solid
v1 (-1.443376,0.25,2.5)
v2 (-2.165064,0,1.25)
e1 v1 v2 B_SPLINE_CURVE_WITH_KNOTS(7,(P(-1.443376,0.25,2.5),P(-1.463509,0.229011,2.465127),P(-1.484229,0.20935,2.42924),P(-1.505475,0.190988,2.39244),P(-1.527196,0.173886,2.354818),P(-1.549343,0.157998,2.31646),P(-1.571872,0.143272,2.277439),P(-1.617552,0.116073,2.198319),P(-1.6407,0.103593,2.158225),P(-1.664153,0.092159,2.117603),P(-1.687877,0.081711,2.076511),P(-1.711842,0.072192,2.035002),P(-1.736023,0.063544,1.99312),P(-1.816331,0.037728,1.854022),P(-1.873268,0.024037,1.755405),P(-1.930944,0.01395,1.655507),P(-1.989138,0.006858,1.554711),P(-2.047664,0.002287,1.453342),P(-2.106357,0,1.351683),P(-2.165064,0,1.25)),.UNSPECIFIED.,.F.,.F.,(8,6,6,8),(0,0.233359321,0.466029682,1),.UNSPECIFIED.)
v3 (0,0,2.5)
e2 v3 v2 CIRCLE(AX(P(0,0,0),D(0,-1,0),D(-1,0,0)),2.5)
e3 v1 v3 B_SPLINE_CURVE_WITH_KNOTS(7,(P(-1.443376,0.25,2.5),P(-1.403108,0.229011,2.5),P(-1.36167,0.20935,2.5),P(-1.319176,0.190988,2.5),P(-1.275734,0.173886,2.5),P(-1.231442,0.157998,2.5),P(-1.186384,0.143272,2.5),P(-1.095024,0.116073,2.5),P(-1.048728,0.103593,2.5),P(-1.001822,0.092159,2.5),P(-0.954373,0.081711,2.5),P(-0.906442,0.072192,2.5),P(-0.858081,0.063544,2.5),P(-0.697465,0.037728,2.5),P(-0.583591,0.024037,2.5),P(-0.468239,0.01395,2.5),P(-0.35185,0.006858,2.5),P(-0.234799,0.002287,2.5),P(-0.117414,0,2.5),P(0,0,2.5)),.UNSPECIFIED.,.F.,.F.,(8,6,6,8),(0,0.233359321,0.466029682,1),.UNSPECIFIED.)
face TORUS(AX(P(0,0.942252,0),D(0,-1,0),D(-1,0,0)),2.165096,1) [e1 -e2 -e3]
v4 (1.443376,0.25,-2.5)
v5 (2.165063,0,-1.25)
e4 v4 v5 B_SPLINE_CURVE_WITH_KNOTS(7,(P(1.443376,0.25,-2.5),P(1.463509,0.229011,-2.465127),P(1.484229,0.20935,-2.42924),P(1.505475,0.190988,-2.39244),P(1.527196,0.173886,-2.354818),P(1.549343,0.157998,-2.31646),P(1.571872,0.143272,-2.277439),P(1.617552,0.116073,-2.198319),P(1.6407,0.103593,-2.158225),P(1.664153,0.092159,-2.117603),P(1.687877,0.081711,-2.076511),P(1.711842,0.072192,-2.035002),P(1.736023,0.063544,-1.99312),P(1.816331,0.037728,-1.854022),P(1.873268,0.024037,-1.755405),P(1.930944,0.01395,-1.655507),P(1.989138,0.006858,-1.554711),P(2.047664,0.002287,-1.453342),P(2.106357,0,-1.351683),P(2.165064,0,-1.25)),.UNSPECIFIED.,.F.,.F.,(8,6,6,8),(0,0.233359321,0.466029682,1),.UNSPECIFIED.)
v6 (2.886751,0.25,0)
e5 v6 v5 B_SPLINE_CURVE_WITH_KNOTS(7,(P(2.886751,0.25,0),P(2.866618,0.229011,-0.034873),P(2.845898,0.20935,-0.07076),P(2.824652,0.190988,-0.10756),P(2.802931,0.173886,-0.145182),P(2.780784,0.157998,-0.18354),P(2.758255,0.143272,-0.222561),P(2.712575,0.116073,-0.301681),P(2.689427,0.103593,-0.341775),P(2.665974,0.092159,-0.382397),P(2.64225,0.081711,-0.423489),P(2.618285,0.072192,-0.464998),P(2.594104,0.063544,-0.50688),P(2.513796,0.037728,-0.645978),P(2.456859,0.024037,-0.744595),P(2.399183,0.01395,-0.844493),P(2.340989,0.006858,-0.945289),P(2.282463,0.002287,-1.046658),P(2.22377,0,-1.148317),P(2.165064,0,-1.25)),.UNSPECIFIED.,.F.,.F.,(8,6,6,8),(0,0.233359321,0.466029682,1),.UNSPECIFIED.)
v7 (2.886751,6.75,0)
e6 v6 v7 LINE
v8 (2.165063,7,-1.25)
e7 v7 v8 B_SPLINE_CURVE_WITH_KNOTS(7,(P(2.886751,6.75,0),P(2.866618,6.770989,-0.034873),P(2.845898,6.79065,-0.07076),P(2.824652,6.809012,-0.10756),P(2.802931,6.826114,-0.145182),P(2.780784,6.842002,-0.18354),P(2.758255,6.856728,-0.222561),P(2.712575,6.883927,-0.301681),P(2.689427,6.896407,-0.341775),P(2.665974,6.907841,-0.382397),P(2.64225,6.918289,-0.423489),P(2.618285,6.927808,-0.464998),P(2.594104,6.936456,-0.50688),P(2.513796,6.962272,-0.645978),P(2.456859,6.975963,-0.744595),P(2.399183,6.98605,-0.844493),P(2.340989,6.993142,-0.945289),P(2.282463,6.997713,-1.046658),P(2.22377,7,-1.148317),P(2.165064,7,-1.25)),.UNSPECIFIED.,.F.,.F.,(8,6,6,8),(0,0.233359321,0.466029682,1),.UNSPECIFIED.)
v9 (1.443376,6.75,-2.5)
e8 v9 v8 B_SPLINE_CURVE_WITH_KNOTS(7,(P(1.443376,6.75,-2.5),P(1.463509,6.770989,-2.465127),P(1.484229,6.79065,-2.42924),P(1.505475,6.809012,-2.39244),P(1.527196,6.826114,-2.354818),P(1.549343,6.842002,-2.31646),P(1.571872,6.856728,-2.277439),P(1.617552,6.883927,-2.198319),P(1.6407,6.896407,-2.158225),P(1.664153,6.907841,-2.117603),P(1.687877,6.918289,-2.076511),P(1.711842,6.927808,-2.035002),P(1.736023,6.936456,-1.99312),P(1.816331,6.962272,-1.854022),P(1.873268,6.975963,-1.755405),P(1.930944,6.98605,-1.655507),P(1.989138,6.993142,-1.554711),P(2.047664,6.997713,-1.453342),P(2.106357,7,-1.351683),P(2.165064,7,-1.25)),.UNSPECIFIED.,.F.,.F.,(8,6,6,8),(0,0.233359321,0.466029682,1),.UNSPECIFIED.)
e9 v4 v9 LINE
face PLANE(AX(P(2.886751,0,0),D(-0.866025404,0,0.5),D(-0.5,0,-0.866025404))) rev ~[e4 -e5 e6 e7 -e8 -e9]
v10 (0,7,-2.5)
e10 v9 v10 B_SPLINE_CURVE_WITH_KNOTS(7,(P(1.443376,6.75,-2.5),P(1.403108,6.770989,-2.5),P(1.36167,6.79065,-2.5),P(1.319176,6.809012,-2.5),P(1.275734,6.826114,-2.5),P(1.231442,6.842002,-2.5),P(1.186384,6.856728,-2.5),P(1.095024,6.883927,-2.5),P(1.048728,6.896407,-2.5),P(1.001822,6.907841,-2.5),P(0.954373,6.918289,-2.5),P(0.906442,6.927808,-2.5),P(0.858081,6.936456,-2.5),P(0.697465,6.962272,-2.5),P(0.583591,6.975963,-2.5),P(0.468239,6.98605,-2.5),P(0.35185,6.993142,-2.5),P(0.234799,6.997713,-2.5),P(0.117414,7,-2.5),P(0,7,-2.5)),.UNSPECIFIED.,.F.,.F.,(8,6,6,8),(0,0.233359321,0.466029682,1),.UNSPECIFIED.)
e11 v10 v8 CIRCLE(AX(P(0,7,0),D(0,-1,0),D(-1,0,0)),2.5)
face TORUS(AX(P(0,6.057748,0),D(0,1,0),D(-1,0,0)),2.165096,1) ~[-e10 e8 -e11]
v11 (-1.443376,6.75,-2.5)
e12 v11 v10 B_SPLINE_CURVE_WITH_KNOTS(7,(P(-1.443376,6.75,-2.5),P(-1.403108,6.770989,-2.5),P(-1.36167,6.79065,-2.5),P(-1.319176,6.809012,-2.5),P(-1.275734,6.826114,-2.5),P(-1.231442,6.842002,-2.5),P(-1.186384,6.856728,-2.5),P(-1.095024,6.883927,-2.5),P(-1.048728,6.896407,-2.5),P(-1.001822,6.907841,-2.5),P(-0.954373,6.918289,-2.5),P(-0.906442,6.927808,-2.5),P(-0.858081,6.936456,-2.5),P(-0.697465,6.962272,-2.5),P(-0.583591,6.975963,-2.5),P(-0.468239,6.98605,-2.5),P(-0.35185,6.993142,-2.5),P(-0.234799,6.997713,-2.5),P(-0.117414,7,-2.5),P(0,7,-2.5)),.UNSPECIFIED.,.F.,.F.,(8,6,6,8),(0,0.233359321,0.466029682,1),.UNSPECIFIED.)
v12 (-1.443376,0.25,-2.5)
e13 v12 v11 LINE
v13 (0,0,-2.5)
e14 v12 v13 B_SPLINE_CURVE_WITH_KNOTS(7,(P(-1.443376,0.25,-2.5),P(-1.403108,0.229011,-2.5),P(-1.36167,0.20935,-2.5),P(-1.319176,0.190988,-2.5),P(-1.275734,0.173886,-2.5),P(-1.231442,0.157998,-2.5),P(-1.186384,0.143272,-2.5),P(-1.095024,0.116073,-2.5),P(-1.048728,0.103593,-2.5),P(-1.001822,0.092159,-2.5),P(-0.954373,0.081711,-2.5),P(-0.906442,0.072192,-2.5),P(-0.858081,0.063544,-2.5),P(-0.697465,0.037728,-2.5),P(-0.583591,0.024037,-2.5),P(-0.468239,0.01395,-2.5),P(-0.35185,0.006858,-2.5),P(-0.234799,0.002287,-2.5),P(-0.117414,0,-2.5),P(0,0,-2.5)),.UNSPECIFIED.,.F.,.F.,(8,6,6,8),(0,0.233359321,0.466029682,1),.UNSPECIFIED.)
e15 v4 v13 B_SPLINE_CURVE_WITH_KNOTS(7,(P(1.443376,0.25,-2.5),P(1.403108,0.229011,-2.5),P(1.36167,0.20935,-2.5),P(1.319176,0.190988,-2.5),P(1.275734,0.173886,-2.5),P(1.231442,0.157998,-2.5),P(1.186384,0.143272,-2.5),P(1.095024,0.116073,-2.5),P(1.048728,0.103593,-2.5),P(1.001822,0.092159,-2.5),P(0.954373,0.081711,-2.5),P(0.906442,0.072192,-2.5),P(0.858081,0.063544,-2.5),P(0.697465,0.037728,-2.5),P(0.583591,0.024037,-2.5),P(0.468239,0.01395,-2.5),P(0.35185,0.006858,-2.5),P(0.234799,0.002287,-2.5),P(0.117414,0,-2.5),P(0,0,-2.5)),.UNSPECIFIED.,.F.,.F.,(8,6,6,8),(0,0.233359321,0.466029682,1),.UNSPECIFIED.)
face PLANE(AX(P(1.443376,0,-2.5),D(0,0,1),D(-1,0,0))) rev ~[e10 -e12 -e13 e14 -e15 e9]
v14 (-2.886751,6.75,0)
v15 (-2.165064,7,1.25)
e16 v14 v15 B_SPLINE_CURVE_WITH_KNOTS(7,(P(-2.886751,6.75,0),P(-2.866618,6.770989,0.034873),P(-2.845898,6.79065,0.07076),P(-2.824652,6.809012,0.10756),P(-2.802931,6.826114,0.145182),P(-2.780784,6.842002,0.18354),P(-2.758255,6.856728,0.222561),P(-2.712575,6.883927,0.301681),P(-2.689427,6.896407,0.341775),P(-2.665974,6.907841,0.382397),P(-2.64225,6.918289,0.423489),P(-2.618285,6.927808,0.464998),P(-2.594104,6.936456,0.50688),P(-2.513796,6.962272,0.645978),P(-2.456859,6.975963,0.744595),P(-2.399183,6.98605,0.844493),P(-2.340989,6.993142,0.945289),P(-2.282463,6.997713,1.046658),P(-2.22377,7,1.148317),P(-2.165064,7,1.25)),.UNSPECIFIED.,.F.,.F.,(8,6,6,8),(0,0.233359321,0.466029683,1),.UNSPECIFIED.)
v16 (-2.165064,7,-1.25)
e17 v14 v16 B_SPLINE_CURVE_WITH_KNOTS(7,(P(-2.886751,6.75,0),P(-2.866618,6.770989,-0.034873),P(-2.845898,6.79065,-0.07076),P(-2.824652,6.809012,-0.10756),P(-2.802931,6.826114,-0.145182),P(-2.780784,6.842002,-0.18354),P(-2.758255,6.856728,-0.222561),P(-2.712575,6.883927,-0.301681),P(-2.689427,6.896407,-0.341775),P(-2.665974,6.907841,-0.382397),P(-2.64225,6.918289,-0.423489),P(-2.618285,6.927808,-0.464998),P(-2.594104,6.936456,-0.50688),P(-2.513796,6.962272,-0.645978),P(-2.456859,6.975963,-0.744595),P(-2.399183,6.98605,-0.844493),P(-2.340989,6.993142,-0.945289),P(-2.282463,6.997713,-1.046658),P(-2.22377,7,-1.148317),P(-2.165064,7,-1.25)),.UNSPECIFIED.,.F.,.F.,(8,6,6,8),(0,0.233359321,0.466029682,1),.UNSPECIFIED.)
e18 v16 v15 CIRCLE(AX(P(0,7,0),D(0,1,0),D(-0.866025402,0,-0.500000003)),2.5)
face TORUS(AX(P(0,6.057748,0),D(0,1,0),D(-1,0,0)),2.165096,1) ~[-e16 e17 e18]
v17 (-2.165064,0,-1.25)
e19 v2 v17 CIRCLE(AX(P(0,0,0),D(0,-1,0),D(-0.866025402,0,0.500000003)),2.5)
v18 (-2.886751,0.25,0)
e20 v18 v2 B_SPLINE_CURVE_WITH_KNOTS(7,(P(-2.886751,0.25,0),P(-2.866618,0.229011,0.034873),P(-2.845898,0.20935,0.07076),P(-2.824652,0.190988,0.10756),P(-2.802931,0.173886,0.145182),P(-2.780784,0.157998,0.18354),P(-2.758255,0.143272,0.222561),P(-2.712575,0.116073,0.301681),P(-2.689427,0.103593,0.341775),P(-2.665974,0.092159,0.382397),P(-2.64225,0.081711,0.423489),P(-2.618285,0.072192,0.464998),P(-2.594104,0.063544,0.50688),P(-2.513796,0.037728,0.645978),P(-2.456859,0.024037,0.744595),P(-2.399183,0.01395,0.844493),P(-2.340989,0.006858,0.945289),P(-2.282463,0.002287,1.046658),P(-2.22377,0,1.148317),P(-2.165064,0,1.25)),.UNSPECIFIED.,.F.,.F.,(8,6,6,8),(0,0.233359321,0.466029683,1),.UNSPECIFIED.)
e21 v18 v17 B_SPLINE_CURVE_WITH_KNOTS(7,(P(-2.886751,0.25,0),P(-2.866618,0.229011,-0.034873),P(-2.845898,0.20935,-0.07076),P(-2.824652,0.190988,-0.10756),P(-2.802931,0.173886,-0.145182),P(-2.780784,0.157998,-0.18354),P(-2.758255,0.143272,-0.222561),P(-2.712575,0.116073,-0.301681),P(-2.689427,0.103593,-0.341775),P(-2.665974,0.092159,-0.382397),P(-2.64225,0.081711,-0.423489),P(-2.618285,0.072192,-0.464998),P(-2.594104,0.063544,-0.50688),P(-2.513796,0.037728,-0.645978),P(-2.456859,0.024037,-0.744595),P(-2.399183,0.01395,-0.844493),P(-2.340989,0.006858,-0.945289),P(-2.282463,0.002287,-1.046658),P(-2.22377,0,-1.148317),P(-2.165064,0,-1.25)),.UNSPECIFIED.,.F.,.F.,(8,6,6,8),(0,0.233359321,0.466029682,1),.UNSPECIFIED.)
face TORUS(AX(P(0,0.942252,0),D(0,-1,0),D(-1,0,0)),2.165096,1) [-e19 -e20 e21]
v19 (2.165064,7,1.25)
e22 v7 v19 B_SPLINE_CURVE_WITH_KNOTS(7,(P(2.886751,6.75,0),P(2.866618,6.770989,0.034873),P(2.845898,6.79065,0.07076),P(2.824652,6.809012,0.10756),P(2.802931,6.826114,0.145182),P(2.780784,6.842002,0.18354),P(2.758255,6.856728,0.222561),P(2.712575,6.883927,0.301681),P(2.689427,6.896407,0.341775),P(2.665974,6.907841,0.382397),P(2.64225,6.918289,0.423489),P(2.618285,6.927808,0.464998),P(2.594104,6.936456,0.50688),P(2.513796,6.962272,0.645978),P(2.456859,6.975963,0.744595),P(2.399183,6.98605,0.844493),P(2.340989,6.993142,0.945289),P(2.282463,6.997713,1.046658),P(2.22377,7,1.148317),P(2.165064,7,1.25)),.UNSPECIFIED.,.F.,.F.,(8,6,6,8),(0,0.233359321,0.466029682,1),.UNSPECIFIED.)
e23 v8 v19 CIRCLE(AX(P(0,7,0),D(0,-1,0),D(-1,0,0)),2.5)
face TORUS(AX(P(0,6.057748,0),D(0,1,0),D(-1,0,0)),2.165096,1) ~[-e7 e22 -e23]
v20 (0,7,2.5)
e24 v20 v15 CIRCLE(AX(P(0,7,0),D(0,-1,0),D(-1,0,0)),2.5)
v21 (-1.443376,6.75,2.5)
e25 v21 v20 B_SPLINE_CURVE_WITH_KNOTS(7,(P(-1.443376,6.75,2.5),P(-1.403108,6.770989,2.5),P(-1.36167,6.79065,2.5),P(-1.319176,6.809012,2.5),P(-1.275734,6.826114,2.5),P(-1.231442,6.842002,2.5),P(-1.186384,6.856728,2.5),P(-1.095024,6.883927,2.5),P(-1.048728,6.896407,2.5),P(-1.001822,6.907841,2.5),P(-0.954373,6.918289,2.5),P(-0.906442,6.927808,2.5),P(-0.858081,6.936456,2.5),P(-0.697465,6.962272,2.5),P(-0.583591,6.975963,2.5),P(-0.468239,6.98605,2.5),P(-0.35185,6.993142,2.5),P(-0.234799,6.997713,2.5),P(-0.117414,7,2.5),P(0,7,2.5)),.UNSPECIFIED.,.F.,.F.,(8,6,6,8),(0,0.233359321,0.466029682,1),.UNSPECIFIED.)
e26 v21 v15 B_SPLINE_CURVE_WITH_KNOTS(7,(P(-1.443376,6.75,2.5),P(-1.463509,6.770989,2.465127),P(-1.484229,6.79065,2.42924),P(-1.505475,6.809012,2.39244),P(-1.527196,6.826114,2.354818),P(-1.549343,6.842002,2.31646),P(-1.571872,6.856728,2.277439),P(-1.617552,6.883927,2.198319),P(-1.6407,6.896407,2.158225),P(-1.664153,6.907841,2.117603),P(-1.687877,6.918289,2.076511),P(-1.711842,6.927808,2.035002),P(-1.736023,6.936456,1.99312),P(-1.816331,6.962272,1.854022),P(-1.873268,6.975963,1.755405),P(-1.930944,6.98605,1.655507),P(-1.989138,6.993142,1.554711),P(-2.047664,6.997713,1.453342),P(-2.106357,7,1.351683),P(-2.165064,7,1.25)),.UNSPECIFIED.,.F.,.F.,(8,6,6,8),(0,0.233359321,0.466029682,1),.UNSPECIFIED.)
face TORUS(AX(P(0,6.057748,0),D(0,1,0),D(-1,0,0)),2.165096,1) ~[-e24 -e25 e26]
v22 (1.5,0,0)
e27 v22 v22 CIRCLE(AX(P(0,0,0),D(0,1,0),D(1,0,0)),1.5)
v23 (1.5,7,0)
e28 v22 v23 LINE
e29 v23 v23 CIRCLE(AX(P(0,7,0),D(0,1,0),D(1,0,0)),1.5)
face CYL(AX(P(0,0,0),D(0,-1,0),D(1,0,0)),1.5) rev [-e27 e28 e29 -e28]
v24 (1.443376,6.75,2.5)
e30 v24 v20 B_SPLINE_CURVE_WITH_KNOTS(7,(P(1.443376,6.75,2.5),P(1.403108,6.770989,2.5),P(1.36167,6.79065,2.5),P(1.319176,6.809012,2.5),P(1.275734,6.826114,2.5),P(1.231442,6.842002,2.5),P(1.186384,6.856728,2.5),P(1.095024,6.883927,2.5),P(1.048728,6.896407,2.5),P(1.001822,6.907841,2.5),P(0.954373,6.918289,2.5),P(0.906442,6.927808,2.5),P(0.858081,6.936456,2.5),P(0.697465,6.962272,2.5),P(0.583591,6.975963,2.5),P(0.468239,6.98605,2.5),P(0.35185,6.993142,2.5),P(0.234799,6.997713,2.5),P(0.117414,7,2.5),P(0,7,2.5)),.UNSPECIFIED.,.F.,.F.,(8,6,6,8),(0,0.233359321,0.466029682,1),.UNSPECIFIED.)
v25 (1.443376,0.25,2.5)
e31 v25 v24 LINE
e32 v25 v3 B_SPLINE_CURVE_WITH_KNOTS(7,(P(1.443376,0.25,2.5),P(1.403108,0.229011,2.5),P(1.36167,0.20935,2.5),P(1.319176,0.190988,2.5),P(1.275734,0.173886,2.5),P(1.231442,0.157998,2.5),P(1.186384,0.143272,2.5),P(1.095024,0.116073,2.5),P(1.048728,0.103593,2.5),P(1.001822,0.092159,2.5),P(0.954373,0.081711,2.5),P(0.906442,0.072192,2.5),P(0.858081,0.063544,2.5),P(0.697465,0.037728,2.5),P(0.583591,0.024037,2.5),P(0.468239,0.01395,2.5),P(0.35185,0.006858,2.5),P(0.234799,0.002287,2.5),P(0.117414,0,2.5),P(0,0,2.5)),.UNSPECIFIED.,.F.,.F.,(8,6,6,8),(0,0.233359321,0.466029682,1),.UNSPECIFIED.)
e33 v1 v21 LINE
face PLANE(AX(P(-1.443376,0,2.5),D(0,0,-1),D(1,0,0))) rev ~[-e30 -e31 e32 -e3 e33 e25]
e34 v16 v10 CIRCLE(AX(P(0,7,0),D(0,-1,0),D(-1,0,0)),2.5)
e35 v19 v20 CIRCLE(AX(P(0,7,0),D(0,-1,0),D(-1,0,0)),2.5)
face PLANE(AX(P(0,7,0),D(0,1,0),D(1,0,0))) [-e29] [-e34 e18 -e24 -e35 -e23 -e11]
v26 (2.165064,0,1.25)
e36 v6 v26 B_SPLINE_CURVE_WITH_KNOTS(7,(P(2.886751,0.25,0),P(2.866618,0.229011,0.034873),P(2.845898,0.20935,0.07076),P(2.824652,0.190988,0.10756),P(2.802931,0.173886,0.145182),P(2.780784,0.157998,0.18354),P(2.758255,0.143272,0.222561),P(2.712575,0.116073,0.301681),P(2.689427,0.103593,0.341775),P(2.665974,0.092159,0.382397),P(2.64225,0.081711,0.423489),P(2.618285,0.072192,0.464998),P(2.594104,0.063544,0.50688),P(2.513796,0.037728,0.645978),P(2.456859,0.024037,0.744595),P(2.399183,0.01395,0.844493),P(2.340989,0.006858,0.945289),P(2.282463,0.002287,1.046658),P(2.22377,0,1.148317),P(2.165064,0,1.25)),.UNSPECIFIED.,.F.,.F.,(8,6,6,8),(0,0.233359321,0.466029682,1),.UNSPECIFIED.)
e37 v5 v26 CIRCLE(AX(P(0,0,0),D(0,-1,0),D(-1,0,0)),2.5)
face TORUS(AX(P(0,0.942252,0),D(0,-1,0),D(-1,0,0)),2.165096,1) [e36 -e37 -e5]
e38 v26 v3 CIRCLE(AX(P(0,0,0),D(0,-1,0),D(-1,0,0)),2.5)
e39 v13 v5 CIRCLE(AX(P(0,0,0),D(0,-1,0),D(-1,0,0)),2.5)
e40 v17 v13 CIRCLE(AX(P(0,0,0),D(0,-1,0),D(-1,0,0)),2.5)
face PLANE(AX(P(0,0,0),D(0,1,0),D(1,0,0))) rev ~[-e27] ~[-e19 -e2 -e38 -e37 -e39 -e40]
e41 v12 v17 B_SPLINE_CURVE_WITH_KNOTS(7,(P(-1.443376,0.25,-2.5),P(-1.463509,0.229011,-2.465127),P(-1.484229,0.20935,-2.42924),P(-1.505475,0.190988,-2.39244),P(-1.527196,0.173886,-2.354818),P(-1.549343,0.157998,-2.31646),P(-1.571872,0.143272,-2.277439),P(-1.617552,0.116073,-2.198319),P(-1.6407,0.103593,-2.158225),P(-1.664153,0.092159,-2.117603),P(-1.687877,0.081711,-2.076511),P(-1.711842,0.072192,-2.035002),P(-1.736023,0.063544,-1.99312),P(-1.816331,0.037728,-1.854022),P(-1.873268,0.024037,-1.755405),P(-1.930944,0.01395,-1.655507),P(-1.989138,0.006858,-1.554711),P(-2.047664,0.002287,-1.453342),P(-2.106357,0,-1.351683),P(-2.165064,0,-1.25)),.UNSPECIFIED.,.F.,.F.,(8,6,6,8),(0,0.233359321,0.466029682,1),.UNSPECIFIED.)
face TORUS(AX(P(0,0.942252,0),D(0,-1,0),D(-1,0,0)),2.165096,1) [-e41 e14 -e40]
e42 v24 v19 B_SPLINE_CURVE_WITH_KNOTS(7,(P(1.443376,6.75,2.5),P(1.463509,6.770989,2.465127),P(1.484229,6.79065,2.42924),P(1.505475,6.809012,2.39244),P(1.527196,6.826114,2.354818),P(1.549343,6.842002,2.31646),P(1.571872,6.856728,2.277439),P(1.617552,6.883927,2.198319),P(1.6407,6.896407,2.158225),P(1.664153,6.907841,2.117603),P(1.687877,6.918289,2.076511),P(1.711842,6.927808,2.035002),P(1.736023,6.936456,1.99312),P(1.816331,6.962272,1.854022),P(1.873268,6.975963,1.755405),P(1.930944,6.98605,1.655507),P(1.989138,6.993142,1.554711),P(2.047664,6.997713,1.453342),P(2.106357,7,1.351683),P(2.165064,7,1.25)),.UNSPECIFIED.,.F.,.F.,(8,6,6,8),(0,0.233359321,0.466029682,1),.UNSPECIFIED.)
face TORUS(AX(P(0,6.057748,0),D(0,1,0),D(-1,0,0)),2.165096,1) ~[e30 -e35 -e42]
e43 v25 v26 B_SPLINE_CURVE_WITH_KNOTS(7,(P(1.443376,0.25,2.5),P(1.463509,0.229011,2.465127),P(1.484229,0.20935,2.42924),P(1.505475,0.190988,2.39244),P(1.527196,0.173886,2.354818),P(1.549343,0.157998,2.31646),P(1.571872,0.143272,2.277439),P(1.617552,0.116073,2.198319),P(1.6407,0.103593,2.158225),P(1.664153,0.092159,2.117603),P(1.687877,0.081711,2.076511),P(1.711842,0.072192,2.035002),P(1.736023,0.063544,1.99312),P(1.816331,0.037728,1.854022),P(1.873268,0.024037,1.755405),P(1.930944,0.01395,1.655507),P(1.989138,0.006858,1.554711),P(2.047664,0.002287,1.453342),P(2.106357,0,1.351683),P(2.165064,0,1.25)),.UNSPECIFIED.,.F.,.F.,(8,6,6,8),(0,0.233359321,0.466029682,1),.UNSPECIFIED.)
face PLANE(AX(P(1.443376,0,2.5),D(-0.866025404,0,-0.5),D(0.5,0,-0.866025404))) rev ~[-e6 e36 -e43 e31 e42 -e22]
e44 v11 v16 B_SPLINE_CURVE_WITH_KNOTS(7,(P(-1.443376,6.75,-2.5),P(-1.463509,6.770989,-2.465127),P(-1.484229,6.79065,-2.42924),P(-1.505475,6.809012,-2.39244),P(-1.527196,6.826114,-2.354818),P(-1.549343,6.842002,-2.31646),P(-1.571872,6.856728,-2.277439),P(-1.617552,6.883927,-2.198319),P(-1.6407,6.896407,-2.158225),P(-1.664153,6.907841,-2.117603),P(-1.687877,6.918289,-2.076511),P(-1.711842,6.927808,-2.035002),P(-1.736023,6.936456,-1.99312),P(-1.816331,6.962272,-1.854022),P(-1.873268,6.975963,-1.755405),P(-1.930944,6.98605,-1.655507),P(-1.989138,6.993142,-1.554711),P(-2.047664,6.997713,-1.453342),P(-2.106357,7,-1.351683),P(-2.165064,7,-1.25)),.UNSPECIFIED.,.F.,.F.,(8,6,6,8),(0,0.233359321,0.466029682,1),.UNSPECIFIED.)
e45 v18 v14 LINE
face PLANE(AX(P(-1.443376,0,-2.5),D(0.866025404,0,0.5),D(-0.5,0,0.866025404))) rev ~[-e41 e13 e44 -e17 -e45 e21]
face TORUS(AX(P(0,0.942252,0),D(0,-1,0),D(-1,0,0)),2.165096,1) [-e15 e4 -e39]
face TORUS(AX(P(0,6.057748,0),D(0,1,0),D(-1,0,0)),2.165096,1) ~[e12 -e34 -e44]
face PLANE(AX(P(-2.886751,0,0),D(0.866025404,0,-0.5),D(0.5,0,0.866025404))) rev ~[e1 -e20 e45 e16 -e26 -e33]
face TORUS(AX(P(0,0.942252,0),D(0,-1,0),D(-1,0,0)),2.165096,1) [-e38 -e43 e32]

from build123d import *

# Parameters (mm, degrees)
SKETCH1_R           = 1.5
BOSS_EXTRUDE1_DEPTH = 7


with BuildPart() as part:
    # Sketch1 → Boss-Extrude1 (new body)
    with BuildSketch(Plane(origin=(0, 0, 0), x_dir=(1, 0, 0), z_dir=(0, 1, 0))):
        Polygon((2.886751346, 0), (1.443375673, 2.5), (-1.443375673, 2.5), (-2.886751346, 0), (-1.443375673, -2.5), (1.443375673, -2.5), align=None)
        Circle(SKETCH1_R, mode=Mode.SUBTRACT)
    extrude(amount=BOSS_EXTRUDE1_DEPTH)

    # Sketch5 → Cut-Revolve4 (revolve, cut)
    with BuildSketch(Plane.XY):
        with BuildLine():
            Line((-2.5, 0), (-2.886751346, 0))
            Line((-2.886751346, 0), (-2.886751346, 0.25))
            ThreePointArc((-2.886751346, 0.25), (-2.707962836, 0.102433581), (-2.5, 0))
        make_face()
        with BuildLine():
            Line((-2.886751346, 7), (-2.886751346, 6.75))
            ThreePointArc((-2.886751346, 6.75), (-2.707962836, 6.897566419), (-2.5, 7))
            Line((-2.5, 7), (-2.886751346, 7))
        make_face()
    revolve(axis=Axis((0, 7.426750378, 0), (0, -1, 0)), mode=Mode.SUBTRACT)


solid = part.part
